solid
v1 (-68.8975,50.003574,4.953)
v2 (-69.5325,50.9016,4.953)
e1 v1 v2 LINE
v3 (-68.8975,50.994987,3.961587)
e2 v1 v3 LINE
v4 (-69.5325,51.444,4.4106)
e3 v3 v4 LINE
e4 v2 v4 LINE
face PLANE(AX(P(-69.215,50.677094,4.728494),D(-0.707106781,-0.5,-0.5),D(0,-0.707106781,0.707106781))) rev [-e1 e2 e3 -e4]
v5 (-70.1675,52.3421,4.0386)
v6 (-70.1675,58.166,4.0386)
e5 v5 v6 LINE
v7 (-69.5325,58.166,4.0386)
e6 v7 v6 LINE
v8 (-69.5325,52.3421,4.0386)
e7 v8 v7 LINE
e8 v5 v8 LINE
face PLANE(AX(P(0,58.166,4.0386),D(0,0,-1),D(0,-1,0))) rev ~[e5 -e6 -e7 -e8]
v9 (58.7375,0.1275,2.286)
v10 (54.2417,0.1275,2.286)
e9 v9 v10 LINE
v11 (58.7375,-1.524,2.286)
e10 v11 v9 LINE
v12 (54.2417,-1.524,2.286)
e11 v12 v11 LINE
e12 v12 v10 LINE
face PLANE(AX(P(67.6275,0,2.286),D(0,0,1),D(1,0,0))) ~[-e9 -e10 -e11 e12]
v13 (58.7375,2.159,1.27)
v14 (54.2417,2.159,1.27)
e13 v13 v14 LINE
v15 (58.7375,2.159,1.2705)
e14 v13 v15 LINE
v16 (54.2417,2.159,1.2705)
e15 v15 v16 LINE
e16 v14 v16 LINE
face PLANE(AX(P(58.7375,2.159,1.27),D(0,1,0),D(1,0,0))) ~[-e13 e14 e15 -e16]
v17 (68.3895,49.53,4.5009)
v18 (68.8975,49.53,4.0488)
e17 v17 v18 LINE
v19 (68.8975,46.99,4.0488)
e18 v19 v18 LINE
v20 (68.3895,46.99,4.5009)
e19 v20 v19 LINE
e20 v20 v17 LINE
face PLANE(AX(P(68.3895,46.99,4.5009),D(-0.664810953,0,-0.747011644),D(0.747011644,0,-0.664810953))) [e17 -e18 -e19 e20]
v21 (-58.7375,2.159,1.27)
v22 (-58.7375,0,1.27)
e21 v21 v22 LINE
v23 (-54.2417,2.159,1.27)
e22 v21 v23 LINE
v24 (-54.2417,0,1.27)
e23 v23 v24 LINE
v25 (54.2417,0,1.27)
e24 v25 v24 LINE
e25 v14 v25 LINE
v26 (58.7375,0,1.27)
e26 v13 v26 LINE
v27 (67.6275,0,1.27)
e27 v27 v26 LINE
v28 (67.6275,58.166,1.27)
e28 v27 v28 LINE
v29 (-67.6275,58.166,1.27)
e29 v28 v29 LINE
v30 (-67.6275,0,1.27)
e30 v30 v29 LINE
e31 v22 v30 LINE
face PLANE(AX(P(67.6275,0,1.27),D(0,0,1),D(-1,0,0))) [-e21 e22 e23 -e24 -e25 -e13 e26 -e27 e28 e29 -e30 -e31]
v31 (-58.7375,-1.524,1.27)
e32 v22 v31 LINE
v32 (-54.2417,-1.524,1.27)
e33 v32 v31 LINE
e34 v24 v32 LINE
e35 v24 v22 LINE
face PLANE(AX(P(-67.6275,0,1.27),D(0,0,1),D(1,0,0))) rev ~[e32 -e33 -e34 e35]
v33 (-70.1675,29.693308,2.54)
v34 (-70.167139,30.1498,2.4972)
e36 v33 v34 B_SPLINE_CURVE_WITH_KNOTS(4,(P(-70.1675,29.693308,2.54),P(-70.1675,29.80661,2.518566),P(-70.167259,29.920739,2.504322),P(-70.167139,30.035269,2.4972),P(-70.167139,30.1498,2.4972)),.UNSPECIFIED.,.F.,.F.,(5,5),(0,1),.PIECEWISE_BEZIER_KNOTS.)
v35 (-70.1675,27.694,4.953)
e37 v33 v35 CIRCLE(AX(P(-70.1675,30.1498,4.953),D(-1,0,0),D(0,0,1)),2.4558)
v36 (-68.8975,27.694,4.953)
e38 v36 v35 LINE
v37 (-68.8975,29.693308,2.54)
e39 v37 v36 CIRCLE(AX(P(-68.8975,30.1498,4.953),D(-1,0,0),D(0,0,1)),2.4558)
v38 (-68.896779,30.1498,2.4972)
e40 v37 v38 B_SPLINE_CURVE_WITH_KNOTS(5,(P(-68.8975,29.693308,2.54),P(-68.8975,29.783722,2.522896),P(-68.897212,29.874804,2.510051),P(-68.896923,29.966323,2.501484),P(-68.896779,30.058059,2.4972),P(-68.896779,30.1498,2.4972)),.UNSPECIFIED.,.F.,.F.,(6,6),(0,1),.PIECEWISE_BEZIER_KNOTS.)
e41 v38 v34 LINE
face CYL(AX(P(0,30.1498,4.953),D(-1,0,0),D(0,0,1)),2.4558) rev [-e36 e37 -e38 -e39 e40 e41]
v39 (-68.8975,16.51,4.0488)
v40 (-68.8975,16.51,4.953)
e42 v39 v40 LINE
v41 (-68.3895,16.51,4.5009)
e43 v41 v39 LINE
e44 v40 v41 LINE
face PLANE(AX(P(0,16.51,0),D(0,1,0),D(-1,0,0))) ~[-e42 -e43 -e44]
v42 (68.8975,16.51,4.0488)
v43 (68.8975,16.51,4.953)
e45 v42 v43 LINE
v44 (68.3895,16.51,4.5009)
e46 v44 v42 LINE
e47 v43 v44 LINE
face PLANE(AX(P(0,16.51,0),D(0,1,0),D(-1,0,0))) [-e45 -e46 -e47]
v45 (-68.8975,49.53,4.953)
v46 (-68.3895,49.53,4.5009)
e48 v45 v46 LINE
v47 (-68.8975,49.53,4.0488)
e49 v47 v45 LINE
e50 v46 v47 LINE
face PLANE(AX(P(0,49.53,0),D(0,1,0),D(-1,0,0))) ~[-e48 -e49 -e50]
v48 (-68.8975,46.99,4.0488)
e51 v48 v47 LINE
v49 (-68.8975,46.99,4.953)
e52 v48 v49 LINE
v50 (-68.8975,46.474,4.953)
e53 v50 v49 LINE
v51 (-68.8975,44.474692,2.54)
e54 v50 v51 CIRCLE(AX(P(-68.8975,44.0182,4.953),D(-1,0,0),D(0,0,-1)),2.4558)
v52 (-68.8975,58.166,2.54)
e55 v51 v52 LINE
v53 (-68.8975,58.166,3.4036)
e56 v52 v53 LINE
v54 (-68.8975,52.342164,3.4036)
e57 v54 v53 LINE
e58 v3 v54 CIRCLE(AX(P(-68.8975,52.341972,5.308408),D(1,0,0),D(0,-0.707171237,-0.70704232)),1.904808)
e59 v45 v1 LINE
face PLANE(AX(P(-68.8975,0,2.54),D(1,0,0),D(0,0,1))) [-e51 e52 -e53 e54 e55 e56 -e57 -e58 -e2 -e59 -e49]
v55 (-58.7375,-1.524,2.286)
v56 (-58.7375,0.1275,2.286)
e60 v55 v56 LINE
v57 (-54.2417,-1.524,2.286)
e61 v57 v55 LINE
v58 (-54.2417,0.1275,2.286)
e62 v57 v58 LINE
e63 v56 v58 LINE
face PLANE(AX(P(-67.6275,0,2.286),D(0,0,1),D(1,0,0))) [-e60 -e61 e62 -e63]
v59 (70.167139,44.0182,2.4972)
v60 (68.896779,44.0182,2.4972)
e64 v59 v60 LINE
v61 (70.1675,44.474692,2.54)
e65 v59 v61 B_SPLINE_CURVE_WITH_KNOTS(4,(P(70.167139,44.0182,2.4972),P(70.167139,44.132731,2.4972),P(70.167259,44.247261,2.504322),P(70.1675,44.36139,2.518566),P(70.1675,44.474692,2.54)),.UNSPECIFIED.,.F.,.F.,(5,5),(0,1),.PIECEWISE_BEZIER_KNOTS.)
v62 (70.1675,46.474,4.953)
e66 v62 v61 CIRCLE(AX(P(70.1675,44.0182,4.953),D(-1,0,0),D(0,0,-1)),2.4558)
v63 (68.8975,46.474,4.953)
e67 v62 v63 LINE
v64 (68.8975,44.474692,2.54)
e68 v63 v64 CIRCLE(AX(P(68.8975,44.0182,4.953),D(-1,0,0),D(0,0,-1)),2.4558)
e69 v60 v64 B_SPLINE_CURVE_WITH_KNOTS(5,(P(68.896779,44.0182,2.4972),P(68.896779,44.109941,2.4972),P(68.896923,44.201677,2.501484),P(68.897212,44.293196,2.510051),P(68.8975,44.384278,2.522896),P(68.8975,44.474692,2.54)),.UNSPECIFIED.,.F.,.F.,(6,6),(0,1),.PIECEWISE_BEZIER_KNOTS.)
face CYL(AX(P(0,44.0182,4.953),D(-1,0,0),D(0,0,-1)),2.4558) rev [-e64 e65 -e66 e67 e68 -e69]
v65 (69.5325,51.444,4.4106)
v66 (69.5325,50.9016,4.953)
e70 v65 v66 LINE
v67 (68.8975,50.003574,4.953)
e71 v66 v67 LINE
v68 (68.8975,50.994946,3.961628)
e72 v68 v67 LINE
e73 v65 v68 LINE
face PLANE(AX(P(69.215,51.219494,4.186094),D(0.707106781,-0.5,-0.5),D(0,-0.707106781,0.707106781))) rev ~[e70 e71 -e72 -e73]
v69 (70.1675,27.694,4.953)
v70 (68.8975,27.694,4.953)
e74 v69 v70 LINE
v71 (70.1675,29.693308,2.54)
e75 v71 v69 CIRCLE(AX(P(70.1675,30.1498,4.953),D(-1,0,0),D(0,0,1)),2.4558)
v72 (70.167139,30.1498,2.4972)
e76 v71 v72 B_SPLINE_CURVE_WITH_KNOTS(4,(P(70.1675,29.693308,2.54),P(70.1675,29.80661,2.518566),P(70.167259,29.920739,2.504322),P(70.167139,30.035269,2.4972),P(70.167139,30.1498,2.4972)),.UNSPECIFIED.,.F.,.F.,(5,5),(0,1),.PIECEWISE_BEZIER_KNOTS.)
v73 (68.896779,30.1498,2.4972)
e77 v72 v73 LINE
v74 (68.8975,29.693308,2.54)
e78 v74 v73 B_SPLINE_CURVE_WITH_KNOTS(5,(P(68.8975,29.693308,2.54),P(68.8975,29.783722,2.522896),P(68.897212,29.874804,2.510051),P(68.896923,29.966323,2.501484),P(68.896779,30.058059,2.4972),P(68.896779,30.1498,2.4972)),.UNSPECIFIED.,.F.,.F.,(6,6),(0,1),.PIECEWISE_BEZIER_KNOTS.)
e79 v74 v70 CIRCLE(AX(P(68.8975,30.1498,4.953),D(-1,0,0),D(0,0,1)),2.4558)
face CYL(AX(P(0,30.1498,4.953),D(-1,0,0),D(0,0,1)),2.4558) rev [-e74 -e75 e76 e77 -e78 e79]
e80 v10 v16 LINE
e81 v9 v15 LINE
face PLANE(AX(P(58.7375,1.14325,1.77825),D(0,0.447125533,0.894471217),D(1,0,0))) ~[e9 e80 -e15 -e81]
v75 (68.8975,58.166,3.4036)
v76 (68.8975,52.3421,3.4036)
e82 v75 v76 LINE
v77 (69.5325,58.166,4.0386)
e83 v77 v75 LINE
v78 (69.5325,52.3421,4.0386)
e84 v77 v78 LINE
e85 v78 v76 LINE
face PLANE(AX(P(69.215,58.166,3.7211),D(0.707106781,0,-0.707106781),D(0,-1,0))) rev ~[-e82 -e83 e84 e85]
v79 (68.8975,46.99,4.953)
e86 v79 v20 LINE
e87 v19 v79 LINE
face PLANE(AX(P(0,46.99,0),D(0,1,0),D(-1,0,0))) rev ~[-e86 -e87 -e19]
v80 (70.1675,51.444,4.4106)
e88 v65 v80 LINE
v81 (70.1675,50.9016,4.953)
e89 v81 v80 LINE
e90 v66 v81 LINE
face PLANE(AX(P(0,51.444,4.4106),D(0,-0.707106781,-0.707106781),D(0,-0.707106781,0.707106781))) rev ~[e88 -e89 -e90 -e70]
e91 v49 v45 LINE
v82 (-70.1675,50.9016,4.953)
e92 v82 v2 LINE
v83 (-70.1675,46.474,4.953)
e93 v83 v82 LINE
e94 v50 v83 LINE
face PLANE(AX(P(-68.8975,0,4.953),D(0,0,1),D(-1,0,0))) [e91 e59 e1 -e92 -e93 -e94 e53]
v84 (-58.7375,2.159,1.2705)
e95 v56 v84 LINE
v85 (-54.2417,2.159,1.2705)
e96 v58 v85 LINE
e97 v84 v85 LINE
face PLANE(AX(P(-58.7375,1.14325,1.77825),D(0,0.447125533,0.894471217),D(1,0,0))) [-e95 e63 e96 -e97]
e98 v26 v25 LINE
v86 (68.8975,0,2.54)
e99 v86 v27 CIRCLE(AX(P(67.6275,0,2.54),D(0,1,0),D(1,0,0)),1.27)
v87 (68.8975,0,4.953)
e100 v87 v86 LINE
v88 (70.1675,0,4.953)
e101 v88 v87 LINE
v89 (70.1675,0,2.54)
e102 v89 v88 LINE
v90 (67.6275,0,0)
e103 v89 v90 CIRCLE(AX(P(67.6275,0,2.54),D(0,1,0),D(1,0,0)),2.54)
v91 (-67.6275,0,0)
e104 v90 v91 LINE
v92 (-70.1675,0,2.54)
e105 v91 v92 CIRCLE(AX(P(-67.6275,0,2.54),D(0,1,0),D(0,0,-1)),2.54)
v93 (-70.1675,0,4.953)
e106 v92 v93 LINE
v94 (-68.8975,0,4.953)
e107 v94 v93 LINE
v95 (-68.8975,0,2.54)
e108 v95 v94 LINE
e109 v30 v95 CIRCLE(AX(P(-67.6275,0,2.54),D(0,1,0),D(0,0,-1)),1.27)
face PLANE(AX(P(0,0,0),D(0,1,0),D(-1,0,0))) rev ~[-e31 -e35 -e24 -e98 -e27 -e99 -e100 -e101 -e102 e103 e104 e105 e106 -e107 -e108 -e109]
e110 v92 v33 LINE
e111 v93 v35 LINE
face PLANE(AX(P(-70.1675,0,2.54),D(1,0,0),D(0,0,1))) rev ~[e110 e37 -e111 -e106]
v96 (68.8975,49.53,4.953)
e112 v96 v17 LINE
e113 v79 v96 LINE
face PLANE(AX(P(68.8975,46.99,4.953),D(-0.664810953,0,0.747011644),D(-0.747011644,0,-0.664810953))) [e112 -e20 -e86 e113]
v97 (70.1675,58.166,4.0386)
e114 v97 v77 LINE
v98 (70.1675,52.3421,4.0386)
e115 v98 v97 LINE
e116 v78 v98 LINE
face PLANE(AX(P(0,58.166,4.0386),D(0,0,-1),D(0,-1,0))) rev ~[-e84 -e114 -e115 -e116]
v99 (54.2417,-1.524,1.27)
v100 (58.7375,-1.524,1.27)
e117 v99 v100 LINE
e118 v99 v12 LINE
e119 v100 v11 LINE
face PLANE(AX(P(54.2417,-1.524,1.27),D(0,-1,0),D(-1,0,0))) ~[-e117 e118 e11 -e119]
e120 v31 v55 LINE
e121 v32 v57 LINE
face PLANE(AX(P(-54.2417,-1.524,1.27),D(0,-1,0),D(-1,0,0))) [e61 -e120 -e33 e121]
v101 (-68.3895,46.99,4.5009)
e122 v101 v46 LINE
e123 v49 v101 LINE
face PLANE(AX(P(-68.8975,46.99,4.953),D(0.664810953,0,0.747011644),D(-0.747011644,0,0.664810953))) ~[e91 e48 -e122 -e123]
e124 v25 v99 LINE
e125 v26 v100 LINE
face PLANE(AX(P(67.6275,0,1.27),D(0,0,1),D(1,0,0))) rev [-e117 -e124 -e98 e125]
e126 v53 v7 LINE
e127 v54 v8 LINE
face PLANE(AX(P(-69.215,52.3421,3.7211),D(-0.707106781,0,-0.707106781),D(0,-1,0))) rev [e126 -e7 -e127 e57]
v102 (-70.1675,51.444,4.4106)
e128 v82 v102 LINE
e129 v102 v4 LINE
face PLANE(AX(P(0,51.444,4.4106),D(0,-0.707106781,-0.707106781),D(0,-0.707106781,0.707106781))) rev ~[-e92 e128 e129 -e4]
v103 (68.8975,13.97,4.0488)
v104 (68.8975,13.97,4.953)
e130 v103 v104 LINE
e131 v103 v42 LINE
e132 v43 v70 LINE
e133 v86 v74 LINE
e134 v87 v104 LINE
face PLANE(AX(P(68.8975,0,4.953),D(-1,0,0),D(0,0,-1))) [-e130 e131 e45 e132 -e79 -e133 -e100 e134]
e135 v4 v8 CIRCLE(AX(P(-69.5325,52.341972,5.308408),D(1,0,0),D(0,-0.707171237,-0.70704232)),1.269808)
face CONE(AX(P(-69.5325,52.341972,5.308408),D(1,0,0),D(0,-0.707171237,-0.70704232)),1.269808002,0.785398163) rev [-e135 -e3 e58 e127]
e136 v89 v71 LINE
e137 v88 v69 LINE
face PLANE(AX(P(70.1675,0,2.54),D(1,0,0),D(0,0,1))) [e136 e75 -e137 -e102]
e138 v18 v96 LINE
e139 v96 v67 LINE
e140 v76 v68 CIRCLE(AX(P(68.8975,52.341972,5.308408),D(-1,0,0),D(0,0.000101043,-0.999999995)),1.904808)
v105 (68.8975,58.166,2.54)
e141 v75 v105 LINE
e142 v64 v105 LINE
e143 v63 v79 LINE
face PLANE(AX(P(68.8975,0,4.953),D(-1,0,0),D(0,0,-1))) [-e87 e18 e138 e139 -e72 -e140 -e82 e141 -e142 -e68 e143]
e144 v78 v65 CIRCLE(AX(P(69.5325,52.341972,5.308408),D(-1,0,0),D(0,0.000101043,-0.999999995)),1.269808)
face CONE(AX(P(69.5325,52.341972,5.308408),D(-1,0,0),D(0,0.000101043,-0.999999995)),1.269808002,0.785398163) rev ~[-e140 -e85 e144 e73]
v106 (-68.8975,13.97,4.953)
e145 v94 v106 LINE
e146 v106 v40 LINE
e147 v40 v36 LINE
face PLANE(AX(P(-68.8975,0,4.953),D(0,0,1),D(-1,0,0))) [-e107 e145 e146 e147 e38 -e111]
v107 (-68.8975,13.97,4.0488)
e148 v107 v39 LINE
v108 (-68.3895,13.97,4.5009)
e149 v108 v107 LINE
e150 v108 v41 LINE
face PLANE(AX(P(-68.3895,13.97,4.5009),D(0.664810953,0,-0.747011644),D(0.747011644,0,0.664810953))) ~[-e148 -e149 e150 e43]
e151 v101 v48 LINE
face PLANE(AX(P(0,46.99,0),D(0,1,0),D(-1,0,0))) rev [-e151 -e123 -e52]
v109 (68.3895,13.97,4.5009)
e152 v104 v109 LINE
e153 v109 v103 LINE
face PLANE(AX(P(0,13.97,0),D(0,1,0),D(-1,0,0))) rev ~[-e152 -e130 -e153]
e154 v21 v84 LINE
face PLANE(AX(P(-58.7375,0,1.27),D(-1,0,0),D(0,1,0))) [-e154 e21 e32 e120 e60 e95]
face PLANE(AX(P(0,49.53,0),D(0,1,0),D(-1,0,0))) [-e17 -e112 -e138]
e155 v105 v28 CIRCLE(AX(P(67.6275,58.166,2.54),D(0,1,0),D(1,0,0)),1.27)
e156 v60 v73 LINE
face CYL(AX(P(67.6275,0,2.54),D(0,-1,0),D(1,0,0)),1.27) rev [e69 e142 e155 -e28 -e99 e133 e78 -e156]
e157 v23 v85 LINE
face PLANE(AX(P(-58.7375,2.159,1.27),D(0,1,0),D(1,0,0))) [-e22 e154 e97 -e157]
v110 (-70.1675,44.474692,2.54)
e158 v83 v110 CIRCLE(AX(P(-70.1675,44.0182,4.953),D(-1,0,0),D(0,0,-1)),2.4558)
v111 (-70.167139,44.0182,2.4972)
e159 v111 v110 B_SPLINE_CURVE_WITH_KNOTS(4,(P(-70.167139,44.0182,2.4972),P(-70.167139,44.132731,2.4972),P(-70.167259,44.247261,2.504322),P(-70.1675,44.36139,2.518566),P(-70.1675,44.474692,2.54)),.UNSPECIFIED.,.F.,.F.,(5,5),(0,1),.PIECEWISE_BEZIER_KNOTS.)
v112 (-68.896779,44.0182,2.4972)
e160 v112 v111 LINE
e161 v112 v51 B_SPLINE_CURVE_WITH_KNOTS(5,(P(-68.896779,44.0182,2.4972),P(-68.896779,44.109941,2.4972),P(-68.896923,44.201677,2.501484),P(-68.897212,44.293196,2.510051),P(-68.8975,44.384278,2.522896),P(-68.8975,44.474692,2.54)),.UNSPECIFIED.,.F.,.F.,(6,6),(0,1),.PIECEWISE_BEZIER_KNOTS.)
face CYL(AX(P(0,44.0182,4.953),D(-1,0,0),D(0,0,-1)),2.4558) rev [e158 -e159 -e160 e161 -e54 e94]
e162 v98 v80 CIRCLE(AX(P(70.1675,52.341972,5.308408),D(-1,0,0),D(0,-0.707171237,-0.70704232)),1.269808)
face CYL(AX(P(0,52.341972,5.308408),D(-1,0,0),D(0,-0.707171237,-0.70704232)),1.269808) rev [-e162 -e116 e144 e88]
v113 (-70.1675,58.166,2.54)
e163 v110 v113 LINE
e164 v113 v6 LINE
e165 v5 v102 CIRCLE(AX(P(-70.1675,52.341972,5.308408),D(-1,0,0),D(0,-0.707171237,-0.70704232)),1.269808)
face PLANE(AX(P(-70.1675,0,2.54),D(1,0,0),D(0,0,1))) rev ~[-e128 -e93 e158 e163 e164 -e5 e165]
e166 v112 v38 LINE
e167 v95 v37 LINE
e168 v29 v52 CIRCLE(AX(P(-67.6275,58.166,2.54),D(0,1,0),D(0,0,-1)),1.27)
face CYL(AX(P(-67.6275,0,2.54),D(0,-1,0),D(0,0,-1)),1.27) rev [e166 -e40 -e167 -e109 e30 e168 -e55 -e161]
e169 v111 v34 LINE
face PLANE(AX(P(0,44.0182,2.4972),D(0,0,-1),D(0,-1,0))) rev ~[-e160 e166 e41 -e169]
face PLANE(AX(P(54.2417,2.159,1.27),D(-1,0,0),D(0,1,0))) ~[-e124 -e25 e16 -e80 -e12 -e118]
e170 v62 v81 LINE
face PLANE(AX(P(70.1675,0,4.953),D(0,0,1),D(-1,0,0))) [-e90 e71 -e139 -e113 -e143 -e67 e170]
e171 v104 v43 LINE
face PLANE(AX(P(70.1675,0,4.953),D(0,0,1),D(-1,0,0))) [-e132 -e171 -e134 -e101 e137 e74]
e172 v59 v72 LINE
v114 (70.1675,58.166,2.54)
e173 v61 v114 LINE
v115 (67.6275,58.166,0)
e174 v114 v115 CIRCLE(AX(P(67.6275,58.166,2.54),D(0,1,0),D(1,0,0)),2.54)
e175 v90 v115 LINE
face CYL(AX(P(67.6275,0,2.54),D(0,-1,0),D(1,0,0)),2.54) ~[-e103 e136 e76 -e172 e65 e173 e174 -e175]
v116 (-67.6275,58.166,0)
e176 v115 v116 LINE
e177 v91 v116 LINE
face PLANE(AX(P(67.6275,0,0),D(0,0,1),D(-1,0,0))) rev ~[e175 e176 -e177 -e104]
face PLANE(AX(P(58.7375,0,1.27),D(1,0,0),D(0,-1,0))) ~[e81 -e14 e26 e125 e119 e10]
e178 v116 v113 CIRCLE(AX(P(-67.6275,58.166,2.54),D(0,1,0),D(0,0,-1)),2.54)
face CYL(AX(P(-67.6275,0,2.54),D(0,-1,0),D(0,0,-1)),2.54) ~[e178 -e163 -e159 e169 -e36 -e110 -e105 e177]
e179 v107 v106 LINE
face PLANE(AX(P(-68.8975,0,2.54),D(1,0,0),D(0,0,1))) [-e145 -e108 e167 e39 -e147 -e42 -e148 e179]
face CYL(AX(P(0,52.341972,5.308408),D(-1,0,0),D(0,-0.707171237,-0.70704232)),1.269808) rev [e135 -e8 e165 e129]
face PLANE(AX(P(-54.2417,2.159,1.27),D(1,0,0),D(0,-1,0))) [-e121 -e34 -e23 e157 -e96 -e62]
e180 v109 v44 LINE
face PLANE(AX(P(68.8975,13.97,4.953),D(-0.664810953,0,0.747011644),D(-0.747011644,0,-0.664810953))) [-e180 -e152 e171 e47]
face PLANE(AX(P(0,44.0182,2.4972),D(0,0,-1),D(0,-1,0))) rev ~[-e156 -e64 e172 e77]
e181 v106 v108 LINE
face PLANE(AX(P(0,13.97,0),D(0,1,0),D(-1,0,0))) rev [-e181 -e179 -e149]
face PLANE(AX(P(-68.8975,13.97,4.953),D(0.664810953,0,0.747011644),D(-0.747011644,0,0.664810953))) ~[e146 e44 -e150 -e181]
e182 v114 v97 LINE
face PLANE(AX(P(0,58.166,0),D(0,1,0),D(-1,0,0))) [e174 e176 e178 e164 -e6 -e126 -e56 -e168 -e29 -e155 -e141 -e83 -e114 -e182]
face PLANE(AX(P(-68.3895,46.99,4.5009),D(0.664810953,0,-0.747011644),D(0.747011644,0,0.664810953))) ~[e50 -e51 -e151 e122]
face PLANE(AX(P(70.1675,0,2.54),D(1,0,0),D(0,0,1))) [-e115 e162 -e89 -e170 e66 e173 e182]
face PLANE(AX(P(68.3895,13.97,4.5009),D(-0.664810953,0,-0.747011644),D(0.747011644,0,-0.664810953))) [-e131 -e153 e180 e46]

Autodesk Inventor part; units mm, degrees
sketch "Sketch1" plane through (0, 0, 0) normal (0, 1, 0) x (-1, 0, 0)
  line L0 (-70.1675, 4.953) -> (70.1675, 4.953) construction
  line L1 (70.1675, 4.953) -> (70.1675, 0) construction
  line L2 (70.1675, 0) -> (-70.1675, 0) construction
  line L3 (-70.1675, 0) -> (-70.1675, 4.953) construction
  line L4 (-67.6275, 0) -> (67.6275, 0)
  arc A0 (67.6275, 0) -> (70.1675, 2.54) centre (67.6275, 2.54) ccw
  line L5 (70.1675, 2.54) -> (70.1675, 4.953)
  arc A1 (-70.1675, 2.54) -> (-67.6275, 0) centre (-67.6275, 2.54) ccw
  line L6 (-70.1675, 2.54) -> (-70.1675, 4.953)
  line L7 (-68.8975, 4.953) -> (-68.8975, 2.54)
  arc A2 (-68.8975, 2.54) -> (-67.6275, 1.27) centre (-67.6275, 2.54) ccw
  line L8 (-67.6275, 1.27) -> (67.6275, 1.27)
  arc A3 (67.6275, 1.27) -> (68.8975, 2.54) centre (67.6275, 2.54) ccw
  line L9 (68.8975, 2.54) -> (68.8975, 4.953)
  line L10 (-70.1675, 4.953) -> (-68.8975, 4.953)
  line L11 (68.8975, 4.953) -> (70.1675, 4.953)
  point P0 (0, 0)
  point P1 (0, 0)
  dimension "d0" = 140.335
  dimension "d1" = 4.953
  dimension "d2" = 1.27
  dimension "d3" = 1.27
extrude "Extrusion1" add sketch "Sketch1" along normal blind 58.166
sketch "Sketch2" plane through (-67.6275, 0, 1.27) normal (0, 0, 1) x (1, 0, 0)
  line L0 (-2.54, 0) -> (-2.54, 58.166) projected
  line L1 (137.795, 0) -> (137.795, 58.166) projected
  line L2 (0, 0) -> (135.255, 0) projected
  line L3 (8.89, 2.159) -> (13.3858, 2.159)
  line L4 (13.3858, 2.159) -> (13.3858, -1.524)
  line L5 (13.3858, -1.524) -> (8.89, -1.524)
  line L6 (8.89, -1.524) -> (8.89, 2.159)
  point P0 (67.6275, 0)
  dimension "d6" = 4.4958
  dimension "d7" = 11.43
  dimension "d8" = 3.683
  dimension "d9" = 1.524
extrude "Extrusion2" add sketch "Sketch2" along normal blind 1.016
chamfer "Chamfer2" distance 2.032 distance2 1.016 1 edges at (-56.4896, 2.159, 2.286) measured on face at (-57.2389, 0.9313, 2.286)
sketch "Sketch3" plane through (0, 0, 0) normal (1, 0, 0) x (0, 1, 0)
  line L0 (0, 4.953) -> (58.166, 4.953) projected
  line L1 (0, 2.54) -> (0, 4.953) projected
  line L2 (58.166, 2.54) -> (58.166, 4.953) projected
  line L3 (0, 0) -> (58.166, 0) projected
  line L4 (0, 0) -> (58.166, 0) projected
  line L5 (46.474, 4.953) -> (27.694, 4.953) construction
  line L6 (44.0182, 2.4972) -> (30.1498, 2.4972)
  line L7 (30.1498, 7.4088) -> (44.0182, 7.4088)
  arc A0 (44.0182, 2.4972) -> (44.0182, 7.4088) centre (44.0182, 4.953) ccw
  arc A1 (30.1498, 7.4088) -> (30.1498, 2.4972) centre (30.1498, 4.953) ccw
  line L8 (58.166, 4.0386) -> (52.3421, 4.0386)
  line L9 (51.444, 4.4106) -> (50.9016, 4.953)
  arc A2 (51.444, 4.4106) -> (52.3421, 4.0386) centre (52.3421, 5.3086) ccw
  point P0 (0, 0)
  point P1 (37.084, 4.953)
  point P2 (51.816, 4.0386)
  dimension "d12" = 18.78
  dimension "d13" = 2.4558
  dimension "d15" = 2.4972
  dimension "d16" = 135
  dimension "d17" = 6.35
  dimension "d18" = 0.9144
  dimension "d19" = 1.27
  dimension "d36" = 37.084
extrude "Extrusion3" cut sketch "Sketch3" along normal through all both and the other way through all
chamfer "Chamfer1" distance 0.635 angle 45 6 edges at (-68.8975, 55.254, 4.0386) (-68.8975, 51.856, 4.1353) (-68.8975, 51.1728, 4.6818) (68.8975, 55.254, 4.0386) (68.8975, 51.856, 4.1353) (68.8975, 51.1728, 4.6818)
ref_plane "Work Plane1" through (0, 13.97, 0) normal (0, 1, 0) x (-1, 0, 0)
ref_plane "Work Plane2" through (0, 16.51, 0) normal (0, 1, 0) x (-1, 0, 0)
ref_plane "Work Plane3" through (0, 46.99, 0) normal (0, 1, 0) x (-1, 0, 0)
ref_plane "Work Plane4" through (0, 49.53, 0) normal (0, 1, 0) x (-1, 0, 0)
sketch "Sketch6" plane through (0, 0, 0) normal (0, 1, 0) x (-1, 0, 0)
  line L0 (-68.8975, 2.54) -> (-68.8975, 4.953) projected
  arc A0 (-68.8975, 2.54) -> (-67.6275, 1.27) centre (-67.6275, 2.54) ccw projected
  line L1 (-68.8975, 4.953) -> (-68.3895, 4.5009)
  line L2 (-68.3895, 4.5009) -> (-68.8975, 4.0488)
  line L3 (-68.3895, 4.5009) -> (-68.8975, 4.5009) construction
  point P0 (0, 0)
  dimension "d25" = 3.683
  dimension "d26" = 2.7788
  dimension "d27" = 0.508
extrude "Extrusion4" add sketch "Sketch6" along normal up to surface (2.54 mm away) from surface at 13.97
extrude "Extrusion5" add sketch "Sketch6" along normal up to surface (2.54 mm away) from surface at 46.99
mirror "Mirror1" about plane through (0, 0, 0) normal (1, 0, 0) of "Extrusion2", "Extrusion4", "Extrusion5", "Chamfer2"
properties part number "KTR-009"
